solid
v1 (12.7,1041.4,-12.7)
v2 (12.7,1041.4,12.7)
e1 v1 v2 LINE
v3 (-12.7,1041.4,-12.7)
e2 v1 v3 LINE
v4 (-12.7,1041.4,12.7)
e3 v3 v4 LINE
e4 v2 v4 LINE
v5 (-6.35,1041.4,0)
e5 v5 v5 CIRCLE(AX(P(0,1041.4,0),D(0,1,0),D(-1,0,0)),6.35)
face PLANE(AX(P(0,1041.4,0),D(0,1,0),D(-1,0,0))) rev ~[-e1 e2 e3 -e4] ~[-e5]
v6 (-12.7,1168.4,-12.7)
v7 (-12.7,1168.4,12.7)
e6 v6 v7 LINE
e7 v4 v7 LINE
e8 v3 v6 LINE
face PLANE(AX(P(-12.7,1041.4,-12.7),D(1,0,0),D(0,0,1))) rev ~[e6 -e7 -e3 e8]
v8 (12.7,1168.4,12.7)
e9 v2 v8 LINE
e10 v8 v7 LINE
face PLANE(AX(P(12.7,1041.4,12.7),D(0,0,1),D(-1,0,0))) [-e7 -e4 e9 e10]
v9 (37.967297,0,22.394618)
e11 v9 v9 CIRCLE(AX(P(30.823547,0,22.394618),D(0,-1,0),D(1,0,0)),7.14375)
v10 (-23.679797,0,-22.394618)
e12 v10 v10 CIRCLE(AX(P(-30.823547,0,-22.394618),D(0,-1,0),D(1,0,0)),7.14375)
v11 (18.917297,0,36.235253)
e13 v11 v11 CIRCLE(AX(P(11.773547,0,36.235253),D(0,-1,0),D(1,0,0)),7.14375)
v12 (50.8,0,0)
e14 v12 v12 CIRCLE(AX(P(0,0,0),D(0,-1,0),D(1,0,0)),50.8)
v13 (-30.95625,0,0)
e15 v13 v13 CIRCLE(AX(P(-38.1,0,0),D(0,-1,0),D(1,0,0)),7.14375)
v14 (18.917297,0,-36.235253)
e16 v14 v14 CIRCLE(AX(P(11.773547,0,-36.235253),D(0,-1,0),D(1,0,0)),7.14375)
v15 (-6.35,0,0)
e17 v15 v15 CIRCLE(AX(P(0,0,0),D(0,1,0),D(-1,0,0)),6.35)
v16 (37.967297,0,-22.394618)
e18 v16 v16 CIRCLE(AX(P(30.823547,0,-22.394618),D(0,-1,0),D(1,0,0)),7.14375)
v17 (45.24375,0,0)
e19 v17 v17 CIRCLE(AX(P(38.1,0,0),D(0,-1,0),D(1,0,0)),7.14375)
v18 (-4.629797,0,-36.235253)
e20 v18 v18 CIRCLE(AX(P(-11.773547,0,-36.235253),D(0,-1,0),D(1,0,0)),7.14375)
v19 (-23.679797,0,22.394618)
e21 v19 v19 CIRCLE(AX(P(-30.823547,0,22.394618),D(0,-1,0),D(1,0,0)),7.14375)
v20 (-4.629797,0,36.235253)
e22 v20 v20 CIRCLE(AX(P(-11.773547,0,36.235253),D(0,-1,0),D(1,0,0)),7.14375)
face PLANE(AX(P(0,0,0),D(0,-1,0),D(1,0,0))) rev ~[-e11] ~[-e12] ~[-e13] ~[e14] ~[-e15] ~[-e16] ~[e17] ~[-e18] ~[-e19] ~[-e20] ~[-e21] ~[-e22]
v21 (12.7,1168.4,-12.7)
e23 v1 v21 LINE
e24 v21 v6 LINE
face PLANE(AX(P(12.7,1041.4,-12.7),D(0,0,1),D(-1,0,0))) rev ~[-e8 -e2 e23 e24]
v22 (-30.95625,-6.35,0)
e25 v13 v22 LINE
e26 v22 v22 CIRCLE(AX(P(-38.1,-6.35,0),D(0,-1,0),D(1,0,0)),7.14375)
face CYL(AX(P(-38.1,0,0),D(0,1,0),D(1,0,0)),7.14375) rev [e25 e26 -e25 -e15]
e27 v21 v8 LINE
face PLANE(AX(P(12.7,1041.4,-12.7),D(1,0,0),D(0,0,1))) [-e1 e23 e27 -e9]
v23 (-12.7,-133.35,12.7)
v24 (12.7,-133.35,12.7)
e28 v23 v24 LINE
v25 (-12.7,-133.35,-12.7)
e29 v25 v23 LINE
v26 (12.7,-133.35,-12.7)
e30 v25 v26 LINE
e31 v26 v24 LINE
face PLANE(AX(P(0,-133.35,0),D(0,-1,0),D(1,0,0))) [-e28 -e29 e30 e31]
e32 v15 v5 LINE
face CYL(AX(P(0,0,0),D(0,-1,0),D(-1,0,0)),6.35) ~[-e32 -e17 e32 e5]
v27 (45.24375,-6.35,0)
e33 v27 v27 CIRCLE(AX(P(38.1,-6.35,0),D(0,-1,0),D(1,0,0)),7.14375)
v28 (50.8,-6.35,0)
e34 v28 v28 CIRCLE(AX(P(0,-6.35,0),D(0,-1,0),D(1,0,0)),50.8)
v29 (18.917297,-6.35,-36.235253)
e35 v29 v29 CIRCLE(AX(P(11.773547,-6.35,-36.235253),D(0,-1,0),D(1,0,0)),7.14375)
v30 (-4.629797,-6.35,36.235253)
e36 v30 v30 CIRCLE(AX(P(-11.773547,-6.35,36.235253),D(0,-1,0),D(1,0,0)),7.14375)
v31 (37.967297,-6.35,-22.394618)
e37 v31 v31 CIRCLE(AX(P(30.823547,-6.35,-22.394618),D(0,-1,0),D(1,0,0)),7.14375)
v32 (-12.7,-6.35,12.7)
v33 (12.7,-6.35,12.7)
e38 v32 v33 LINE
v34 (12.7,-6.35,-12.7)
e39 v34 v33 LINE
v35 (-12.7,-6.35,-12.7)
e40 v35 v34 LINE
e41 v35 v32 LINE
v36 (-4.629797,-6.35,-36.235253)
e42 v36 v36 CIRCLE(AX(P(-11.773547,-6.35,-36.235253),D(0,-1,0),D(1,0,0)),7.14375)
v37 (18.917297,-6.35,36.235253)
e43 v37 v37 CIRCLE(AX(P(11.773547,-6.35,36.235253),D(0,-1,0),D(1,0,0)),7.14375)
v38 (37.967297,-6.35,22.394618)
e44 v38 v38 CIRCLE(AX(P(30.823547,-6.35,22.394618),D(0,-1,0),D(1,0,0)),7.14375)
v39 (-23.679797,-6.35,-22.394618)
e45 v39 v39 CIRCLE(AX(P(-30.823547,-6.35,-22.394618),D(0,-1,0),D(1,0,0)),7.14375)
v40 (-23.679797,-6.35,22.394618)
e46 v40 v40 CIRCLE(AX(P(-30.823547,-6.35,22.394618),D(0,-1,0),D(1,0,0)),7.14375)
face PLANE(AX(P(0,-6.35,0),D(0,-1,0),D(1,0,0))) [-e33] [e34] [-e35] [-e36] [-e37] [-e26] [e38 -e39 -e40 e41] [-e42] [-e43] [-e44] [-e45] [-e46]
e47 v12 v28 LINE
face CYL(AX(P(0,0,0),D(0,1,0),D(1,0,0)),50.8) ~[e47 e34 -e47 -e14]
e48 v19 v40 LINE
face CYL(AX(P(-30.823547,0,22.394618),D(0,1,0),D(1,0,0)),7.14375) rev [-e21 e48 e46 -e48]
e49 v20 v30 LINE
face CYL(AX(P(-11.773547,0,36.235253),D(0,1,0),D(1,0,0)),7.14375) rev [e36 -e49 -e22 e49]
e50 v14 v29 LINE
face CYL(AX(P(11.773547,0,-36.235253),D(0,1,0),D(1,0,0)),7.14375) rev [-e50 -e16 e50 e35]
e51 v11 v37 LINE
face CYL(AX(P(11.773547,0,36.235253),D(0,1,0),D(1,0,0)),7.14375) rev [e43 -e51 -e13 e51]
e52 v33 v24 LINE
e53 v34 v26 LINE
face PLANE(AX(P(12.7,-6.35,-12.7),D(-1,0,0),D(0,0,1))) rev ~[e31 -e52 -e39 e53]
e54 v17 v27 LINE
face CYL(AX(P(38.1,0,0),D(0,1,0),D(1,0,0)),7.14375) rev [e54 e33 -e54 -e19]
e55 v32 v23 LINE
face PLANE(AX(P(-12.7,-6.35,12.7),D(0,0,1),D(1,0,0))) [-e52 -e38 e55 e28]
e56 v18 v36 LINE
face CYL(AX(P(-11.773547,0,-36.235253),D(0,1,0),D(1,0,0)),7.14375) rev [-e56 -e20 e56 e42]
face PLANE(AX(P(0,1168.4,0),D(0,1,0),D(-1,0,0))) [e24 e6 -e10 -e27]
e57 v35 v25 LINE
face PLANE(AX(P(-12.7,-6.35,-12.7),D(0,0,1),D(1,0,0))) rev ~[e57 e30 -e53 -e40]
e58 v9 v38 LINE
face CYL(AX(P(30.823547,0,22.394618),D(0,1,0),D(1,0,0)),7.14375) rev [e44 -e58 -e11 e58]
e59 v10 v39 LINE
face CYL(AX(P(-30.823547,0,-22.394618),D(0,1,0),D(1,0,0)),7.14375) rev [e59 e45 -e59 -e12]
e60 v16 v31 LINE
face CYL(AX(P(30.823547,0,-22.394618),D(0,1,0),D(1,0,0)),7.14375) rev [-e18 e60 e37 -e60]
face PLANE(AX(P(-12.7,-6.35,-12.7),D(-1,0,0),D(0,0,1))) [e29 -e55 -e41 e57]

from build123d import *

# Parameters (mm, degrees)
F0_R     = 50.8
F0_R_2   = 7.14375
F1_DEPTH = 6.35
F2_W     = 25.4
F2_H     = 25.4
F3_DEPTH = 127
F4_R     = 6.35
F5_DEPTH = 1041.4
F6_W     = 25.4
F6_H     = 25.4
F7_DEPTH = 127


with BuildPart() as f1:
    # F0 (on Front) → F1 (new body)
    with BuildSketch(Plane.XZ):
        Circle(F0_R)
        with Locations((-11.773547, -36.235253)):
            Circle(F0_R_2, mode=Mode.SUBTRACT)
        with Locations((-30.823547, -22.394618)):
            Circle(F0_R_2, mode=Mode.SUBTRACT)
        with Locations((-38.1, 0)):
            Circle(F0_R_2, mode=Mode.SUBTRACT)
        with Locations((11.773547, -36.235253)):
            Circle(F0_R_2, mode=Mode.SUBTRACT)
        with Locations((30.823547, -22.394618)):
            Circle(F0_R_2, mode=Mode.SUBTRACT)
        with Locations((38.1, 0)):
            Circle(F0_R_2, mode=Mode.SUBTRACT)
        with Locations((-30.823547, 22.394618)):
            Circle(F0_R_2, mode=Mode.SUBTRACT)
        with Locations((-11.773547, 36.235253)):
            Circle(F0_R_2, mode=Mode.SUBTRACT)
        with Locations((30.823547, 22.394618)):
            Circle(F0_R_2, mode=Mode.SUBTRACT)
        with Locations((11.773547, 36.235253)):
            Circle(F0_R_2, mode=Mode.SUBTRACT)
    extrude(amount=F1_DEPTH)



with BuildPart() as f3:
    # F2 (on face) → F3 (new body)
    with BuildSketch(Plane(origin=(0, 1041.4, 0), x_dir=(-1, 0, 0), z_dir=(0, 1, 0))):
        Rectangle(F2_W, F2_H)
    extrude(amount=F3_DEPTH)


with BuildPart() as f1_1:
    add(f1.part)

    add(f3.part)  # F5 merges F3
    # F4 (on face) → F5 (join)
    with BuildSketch(Plane(origin=(0, 0, 0), x_dir=(-1, 0, 0), z_dir=(0, 1, 0))):
        Circle(F4_R)
    extrude(amount=F5_DEPTH)

    # F6 (on face) → F7 (join)
    with BuildSketch(Plane.XZ.offset(6.35)):
        Rectangle(F6_W, F6_H)
    extrude(amount=F7_DEPTH)


solid = f1_1.part
